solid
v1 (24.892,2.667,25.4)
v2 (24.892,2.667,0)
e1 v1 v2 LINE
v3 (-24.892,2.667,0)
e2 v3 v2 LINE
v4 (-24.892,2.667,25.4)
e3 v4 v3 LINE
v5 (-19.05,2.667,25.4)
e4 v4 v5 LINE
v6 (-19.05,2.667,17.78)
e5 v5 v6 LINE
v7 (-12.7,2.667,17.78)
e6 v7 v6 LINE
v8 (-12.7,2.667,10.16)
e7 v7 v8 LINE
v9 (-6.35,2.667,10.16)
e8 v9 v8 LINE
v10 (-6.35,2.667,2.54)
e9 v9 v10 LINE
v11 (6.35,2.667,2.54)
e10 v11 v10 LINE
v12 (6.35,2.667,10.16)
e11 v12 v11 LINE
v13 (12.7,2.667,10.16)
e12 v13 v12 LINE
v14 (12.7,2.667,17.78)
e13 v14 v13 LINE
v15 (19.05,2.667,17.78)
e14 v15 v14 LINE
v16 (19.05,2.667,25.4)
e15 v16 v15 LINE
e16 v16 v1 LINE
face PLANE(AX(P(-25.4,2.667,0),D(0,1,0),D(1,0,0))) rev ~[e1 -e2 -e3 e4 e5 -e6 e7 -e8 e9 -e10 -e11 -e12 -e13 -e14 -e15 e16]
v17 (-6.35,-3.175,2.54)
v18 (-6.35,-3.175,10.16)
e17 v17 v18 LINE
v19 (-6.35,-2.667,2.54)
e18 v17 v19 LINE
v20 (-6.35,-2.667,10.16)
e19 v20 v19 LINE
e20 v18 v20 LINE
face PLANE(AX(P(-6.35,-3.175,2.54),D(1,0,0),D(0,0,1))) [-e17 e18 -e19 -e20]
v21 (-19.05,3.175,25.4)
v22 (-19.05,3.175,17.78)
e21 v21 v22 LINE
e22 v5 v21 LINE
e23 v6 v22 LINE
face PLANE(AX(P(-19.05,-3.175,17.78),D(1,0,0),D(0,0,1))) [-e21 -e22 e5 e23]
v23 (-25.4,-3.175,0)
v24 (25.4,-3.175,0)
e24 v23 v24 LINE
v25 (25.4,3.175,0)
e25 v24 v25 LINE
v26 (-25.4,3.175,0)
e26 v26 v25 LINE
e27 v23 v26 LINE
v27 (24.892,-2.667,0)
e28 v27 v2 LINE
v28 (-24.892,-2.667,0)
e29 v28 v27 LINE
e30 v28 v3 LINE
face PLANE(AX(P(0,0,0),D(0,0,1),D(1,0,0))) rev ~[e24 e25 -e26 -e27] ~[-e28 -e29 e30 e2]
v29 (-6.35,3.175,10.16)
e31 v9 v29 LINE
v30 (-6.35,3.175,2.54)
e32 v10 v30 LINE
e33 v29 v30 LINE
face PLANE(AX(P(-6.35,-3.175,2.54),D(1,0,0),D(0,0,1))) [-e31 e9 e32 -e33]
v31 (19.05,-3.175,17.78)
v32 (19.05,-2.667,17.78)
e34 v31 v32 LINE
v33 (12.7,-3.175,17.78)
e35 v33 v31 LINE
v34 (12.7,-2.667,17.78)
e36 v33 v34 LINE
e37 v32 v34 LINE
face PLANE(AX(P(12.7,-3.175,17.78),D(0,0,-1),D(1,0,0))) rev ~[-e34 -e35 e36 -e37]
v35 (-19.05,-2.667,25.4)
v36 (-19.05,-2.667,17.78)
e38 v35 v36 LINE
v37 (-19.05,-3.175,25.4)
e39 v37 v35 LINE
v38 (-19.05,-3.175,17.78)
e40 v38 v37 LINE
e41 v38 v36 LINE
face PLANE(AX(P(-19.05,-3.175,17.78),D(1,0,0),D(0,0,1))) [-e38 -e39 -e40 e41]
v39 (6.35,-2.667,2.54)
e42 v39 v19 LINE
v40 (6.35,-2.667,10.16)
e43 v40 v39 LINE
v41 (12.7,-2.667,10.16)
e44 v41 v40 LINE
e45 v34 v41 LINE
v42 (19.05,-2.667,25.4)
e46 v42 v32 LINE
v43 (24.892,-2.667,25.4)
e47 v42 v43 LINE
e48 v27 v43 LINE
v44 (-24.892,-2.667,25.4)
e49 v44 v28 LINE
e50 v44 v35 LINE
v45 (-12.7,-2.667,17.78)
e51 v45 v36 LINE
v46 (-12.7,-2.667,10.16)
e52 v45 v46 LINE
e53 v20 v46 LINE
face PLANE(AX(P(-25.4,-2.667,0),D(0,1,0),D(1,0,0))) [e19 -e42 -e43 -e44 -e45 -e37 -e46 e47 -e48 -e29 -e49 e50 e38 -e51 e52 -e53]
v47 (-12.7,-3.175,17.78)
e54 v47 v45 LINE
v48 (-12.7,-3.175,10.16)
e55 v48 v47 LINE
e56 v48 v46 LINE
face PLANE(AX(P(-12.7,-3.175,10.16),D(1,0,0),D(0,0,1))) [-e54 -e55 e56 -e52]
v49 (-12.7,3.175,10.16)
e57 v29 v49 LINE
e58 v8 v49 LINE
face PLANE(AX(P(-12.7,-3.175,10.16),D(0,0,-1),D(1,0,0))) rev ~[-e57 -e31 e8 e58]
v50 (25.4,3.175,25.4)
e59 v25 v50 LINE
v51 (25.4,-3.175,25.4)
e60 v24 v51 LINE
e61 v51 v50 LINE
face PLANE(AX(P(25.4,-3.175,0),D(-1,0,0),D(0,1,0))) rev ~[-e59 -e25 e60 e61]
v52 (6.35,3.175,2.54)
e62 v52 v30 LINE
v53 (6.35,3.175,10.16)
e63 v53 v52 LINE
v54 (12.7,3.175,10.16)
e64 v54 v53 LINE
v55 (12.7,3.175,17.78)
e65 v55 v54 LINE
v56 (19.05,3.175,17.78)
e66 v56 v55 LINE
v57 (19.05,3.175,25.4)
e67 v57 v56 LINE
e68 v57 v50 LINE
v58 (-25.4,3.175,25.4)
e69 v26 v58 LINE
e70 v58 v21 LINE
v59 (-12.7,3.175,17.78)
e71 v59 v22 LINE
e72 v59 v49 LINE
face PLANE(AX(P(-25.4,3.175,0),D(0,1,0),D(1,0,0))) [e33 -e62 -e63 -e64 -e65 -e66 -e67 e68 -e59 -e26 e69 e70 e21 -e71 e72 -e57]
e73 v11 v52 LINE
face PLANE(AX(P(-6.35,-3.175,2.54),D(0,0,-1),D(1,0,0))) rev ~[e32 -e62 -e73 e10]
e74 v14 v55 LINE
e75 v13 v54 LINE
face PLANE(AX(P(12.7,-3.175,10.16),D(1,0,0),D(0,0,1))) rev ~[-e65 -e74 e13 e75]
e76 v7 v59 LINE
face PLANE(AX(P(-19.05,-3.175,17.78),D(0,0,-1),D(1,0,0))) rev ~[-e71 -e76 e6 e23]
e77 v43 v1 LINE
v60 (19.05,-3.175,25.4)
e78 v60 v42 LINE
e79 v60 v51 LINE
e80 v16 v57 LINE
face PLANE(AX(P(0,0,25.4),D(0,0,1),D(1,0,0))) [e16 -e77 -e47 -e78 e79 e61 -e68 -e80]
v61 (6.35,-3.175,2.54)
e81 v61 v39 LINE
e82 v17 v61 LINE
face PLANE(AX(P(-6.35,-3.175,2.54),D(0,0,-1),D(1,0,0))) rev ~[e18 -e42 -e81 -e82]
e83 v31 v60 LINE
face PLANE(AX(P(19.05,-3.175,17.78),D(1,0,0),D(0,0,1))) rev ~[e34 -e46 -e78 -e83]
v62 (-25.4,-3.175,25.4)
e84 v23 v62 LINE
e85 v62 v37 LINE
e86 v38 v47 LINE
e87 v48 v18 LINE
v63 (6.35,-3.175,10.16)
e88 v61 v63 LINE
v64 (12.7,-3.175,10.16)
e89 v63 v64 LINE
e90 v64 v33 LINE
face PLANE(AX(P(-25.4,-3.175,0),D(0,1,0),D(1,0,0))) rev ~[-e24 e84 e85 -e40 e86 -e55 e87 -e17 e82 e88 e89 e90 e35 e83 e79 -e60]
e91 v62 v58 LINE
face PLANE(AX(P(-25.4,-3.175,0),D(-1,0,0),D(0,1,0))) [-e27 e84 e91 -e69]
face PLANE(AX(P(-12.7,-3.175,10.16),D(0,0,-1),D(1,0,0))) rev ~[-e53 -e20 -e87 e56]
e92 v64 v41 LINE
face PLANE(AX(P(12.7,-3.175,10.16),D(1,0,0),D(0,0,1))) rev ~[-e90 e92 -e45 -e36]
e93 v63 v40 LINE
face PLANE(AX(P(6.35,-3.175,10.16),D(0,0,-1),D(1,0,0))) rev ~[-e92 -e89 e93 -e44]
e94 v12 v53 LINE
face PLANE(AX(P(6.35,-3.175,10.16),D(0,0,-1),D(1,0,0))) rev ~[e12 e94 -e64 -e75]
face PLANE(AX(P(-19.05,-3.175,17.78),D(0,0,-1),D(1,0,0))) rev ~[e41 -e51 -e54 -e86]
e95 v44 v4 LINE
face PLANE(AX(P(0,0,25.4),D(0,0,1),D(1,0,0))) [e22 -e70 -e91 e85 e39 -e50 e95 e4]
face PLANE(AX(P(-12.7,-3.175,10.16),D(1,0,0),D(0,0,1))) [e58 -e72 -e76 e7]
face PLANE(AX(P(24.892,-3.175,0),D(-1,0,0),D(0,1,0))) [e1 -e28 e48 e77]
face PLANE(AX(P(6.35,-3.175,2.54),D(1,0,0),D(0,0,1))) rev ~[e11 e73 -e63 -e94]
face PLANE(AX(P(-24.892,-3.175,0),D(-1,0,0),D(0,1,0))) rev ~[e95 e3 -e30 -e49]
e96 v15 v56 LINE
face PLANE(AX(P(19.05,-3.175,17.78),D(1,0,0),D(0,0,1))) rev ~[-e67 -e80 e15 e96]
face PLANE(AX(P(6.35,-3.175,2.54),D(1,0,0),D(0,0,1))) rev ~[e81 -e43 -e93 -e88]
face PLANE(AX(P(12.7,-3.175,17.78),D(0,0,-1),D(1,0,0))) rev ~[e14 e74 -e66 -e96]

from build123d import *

# Parameters (mm, degrees)
F0_W     = 50.8
F0_H     = 6.35
F1_DEPTH = 25.4
F2_T     = -0.508
F3_W     = 6.35
F3_H     = 7.62
F3_W_2   = 12.7
F4_DEPTH = 13.208


with BuildPart() as f1:
    # F0 (on Top) → F1 (new body)
    with BuildSketch(Plane.XY):
        Rectangle(F0_W, F0_H)
    extrude(amount=F1_DEPTH)

    # F2
    f2_openings = [f1.faces().sort_by_distance(p)[0] for p in [
        (0, 0, 25.4),
        (0, 0, 0),
    ]]
    offset(amount=F2_T, openings=f2_openings)

    # F3 (on face) → F4 (cut)
    with BuildSketch(Plane.XZ.offset(3.175)):
        with Locations((-15.875, 21.59)):
            Rectangle(F3_W, F3_H)
        with Locations((-9.525, 21.59)):
            Rectangle(F3_W, F3_H)
        with Locations((0, 21.59)):
            Rectangle(F3_W_2, F3_H)
        with Locations((-9.525, 13.97)):
            Rectangle(F3_W, F3_H)
        with Locations((9.525, 21.59)):
            Rectangle(F3_W, F3_H)
        with Locations((0, 13.97)):
            Rectangle(F3_W_2, F3_H)
        with Locations((15.875, 21.59)):
            Rectangle(F3_W, F3_H)
        with Locations((9.525, 13.97)):
            Rectangle(F3_W, F3_H)
        with Locations((0, 6.35)):
            Rectangle(F3_W_2, F3_H)
    extrude(amount=-F4_DEPTH, mode=Mode.SUBTRACT)


solid = f1.part
